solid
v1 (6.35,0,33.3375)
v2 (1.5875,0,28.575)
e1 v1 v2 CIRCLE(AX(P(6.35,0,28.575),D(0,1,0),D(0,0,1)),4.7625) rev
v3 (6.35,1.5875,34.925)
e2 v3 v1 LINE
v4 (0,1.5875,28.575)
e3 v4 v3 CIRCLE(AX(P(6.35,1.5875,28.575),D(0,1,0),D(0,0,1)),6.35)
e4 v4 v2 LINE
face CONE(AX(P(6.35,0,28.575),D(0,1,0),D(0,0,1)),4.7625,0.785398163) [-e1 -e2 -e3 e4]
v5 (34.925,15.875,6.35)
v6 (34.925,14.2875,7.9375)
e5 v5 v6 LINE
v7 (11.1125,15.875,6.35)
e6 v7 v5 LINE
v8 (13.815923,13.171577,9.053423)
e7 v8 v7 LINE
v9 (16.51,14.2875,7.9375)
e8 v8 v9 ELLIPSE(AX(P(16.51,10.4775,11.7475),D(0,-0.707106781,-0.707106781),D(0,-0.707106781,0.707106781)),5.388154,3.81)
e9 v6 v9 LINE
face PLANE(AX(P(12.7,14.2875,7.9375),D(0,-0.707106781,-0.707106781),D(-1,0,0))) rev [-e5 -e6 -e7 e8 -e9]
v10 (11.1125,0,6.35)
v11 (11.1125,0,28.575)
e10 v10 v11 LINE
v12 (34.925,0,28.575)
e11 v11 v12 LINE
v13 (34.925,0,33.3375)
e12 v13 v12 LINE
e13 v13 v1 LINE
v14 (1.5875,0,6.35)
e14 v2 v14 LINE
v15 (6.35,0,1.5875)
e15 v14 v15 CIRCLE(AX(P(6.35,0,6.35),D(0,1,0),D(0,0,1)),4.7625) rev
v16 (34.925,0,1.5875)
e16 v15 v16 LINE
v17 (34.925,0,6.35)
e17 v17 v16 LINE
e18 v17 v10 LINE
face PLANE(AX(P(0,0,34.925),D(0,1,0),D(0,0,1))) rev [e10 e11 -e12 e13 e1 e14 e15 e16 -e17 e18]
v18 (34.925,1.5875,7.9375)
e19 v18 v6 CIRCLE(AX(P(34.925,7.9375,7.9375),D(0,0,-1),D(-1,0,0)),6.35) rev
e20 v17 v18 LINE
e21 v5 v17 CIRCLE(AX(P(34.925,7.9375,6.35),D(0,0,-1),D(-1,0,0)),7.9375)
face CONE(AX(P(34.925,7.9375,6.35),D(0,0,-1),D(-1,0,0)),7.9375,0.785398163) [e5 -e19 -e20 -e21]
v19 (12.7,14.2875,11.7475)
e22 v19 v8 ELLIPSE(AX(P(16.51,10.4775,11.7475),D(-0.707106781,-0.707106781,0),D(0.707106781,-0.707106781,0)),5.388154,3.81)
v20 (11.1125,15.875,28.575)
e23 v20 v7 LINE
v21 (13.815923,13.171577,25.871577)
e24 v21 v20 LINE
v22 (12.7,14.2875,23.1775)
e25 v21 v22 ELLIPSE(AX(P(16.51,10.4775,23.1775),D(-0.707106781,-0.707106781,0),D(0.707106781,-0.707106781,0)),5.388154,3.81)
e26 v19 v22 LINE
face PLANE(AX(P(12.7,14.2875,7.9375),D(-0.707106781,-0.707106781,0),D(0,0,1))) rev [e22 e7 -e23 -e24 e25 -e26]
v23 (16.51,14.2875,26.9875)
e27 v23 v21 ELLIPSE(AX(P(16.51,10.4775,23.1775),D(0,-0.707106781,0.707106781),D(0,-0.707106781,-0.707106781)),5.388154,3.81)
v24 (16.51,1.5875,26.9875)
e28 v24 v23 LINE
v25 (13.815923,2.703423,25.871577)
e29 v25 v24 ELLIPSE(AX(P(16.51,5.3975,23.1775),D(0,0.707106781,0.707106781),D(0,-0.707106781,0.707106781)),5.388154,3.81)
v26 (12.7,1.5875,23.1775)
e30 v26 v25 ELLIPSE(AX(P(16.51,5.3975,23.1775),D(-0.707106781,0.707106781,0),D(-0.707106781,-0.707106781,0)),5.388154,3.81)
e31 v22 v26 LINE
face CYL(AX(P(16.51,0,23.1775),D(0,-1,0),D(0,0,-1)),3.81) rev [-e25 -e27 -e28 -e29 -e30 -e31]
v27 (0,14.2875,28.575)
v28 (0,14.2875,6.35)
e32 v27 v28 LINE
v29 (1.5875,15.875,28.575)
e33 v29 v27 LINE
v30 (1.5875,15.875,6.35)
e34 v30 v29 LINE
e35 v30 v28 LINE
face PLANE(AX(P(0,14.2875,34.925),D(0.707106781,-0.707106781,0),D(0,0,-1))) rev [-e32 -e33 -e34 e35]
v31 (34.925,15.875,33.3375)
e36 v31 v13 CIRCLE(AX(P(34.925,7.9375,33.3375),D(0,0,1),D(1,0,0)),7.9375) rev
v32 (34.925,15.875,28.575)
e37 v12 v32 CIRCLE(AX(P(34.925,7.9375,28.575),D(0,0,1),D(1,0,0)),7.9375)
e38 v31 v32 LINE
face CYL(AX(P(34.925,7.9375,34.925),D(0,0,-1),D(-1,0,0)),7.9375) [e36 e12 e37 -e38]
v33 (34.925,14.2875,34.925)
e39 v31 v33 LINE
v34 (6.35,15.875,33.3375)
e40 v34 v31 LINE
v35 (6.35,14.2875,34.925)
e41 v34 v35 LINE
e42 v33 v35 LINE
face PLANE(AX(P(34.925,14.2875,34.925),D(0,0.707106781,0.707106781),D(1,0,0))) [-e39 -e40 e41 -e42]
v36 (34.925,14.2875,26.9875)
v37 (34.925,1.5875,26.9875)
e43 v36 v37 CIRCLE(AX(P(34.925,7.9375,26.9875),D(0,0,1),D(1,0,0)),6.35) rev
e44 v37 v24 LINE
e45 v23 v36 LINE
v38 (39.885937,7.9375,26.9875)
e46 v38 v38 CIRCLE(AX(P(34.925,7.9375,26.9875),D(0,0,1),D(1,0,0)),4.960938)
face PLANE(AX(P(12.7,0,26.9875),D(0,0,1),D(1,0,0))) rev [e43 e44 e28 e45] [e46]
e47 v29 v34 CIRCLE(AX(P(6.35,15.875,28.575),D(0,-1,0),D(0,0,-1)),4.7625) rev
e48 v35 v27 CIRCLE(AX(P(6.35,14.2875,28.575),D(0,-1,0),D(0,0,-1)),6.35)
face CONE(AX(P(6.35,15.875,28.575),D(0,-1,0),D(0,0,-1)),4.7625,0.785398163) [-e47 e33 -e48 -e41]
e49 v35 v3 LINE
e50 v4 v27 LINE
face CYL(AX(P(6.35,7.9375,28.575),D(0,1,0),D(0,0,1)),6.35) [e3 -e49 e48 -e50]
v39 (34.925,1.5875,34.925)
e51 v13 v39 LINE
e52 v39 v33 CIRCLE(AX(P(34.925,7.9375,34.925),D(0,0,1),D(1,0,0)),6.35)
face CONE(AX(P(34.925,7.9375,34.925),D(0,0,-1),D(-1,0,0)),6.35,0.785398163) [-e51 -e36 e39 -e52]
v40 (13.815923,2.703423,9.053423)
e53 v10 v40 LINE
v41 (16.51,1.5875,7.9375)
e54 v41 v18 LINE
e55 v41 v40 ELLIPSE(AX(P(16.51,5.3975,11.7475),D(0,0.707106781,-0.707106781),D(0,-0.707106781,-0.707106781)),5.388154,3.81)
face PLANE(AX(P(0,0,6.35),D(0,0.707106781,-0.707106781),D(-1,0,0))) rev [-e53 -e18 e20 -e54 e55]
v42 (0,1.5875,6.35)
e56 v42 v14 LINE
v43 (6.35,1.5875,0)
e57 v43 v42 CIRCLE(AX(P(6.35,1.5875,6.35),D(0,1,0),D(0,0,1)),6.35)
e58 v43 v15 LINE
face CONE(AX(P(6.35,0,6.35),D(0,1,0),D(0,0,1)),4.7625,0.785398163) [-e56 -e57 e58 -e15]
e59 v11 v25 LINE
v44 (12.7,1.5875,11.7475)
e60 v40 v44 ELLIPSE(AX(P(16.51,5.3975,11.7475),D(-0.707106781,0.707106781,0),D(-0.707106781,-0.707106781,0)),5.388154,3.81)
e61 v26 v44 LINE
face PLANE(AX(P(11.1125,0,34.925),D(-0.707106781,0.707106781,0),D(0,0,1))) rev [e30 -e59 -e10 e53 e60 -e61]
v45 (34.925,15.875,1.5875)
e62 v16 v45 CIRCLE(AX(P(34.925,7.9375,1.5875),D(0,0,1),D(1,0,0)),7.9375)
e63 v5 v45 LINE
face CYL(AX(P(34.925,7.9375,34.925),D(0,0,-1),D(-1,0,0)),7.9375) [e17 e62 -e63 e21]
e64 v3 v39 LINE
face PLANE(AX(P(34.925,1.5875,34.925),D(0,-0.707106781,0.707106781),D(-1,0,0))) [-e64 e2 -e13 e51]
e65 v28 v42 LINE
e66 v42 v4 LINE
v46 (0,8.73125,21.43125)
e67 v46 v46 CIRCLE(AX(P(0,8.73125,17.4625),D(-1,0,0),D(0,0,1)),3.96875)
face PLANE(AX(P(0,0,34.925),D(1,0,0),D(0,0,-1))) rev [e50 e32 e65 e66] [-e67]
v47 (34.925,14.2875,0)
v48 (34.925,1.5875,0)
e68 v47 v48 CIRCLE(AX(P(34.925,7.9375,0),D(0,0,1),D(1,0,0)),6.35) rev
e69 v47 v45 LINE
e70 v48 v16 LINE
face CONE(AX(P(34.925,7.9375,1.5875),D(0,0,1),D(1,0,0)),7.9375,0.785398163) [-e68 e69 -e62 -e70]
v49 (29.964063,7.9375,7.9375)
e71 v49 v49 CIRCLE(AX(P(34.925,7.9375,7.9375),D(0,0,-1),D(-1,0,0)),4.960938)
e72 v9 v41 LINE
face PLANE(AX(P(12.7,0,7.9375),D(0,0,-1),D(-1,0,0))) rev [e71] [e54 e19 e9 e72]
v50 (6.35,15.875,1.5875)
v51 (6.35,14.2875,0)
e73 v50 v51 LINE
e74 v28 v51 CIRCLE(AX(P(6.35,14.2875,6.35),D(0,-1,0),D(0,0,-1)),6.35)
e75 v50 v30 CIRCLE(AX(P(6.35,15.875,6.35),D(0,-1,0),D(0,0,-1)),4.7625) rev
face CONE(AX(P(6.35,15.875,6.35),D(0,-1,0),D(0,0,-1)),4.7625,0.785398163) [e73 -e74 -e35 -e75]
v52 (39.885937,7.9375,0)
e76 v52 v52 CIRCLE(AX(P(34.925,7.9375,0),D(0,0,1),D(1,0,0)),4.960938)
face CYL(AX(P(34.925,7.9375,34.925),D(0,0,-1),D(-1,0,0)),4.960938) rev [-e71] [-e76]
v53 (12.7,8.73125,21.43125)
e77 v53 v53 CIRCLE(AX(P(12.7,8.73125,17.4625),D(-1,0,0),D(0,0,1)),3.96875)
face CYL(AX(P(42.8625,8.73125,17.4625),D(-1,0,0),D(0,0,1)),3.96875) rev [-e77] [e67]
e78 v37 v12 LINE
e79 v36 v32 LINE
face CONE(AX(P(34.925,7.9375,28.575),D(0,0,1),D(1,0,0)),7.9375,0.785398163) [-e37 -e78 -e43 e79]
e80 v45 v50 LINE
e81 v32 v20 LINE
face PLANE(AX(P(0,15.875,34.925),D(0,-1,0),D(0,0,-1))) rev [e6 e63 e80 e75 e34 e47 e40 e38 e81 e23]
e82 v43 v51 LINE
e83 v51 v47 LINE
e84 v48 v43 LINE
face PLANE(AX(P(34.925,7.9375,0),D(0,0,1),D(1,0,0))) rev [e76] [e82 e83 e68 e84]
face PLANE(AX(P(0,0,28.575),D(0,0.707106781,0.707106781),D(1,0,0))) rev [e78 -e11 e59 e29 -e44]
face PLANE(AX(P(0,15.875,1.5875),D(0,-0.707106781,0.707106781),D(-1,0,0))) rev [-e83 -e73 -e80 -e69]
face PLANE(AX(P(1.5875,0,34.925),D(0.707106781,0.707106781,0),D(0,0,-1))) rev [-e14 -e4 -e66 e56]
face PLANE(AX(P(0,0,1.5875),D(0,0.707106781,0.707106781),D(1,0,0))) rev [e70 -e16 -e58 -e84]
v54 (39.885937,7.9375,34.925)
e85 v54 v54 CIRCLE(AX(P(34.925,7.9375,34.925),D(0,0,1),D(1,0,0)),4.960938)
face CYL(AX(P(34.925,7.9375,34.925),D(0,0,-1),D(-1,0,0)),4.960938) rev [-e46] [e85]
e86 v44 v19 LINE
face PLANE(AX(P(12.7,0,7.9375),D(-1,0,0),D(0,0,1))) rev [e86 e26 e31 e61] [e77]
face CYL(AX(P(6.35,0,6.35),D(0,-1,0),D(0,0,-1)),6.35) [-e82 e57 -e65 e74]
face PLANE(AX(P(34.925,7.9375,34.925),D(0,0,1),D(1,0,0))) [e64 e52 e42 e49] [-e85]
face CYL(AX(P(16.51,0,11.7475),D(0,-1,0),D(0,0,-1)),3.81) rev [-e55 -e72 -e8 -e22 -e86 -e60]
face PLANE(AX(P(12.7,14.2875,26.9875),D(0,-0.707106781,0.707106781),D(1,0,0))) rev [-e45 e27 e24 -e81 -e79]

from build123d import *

# Parameters (mm, degrees)
SKETCH1_R           = 4.9609375
BOSS_EXTRUDE1_DEPTH = 34.925
SKETCH2_W           = 30.1625
SKETCH2_H           = 19.05
CUT_EXTRUDE1_DEPTH  = 16.875
SKETCH3_R           = 3.96875
CUT_EXTRUDE2_DEPTH  = 43.8625
FILLET1_R           = 6.35
CHAMFER1_SIZE       = 1.5875
FILLET2_R           = 3.81


with BuildPart() as part:
    # Sketch1 → Boss-Extrude1 (new body)
    with BuildSketch(Plane.XY):
        with BuildLine():
            Line((0, 0), (34.925, 0))
            ThreePointArc((34.925, 0), (42.8625, 7.9375), (34.925, 15.875))
            Line((34.925, 15.875), (0, 15.875))
            Line((0, 15.875), (0, 0))
        make_face()
        with Locations((34.925, 7.9375)):
            Circle(SKETCH1_R, mode=Mode.SUBTRACT)
    extrude(amount=BOSS_EXTRUDE1_DEPTH)

    # Sketch2 → Cut-Extrude1 (cut, through all)
    with BuildSketch(Plane(origin=(0, 15.875, 0), x_dir=(1, 0, 0), z_dir=(0, 1, 0))):
        with Locations((27.78125, -17.4625)):
            Rectangle(SKETCH2_W, SKETCH2_H)
    extrude(amount=-CUT_EXTRUDE1_DEPTH, mode=Mode.SUBTRACT)

    # Sketch3 → Cut-Extrude2 (cut, through all)
    with BuildSketch(Plane.ZY):
        with Locations((17.4625, 8.73125)):
            Circle(SKETCH3_R)
    extrude(amount=-CUT_EXTRUDE2_DEPTH, mode=Mode.SUBTRACT)

    # Fillet1
    fillet1_edges = [part.edges().sort_by_distance(p)[0] for p in [
        (0, 7.9375, 34.925),
        (0, 7.9375, 0),
    ]]
    fillet(fillet1_edges, radius=FILLET1_R)

    # Chamfer1
    chamfer1_edges = [part.edges().sort_by_distance(p)[0] for p in [
        (42.8625, 7.9375, 34.925),
        (20.6375, 15.875, 34.925),
        (23.8125, 15.875, 26.9875),
        (23.8125, 15.875, 7.9375),
        (12.7, 15.875, 17.4625),
        (42.8625, 7.9375, 7.9375),
        (23.8125, 0, 7.9375),
        (42.8625, 7.9375, 26.9875),
        (23.8125, 0, 26.9875),
        (12.7, 0, 17.4625),
        (20.6375, 15.875, 0),
        (0, 0, 17.4625),
        (0, 15.875, 17.4625),
        (42.8625, 7.9375, 0),
        (20.6375, 0, 34.925),
        (20.6375, 0, 0),
        (1.859871939, 0, 33.065128061),
        (1.859871939, 0, 1.859871939),
        (1.859871939, 15.875, 33.065128061),
        (1.859871939, 15.875, 1.859871939),
    ]]
    chamfer(chamfer1_edges, length=CHAMFER1_SIZE)

    # Fillet2
    fillet2_edges = [part.edges().sort_by_distance(p)[0] for p in [
        (12.7, 7.9375, 26.9875),
        (12.7, 7.9375, 7.9375),
    ]]
    fillet(fillet2_edges, radius=FILLET2_R)


solid = part.part
